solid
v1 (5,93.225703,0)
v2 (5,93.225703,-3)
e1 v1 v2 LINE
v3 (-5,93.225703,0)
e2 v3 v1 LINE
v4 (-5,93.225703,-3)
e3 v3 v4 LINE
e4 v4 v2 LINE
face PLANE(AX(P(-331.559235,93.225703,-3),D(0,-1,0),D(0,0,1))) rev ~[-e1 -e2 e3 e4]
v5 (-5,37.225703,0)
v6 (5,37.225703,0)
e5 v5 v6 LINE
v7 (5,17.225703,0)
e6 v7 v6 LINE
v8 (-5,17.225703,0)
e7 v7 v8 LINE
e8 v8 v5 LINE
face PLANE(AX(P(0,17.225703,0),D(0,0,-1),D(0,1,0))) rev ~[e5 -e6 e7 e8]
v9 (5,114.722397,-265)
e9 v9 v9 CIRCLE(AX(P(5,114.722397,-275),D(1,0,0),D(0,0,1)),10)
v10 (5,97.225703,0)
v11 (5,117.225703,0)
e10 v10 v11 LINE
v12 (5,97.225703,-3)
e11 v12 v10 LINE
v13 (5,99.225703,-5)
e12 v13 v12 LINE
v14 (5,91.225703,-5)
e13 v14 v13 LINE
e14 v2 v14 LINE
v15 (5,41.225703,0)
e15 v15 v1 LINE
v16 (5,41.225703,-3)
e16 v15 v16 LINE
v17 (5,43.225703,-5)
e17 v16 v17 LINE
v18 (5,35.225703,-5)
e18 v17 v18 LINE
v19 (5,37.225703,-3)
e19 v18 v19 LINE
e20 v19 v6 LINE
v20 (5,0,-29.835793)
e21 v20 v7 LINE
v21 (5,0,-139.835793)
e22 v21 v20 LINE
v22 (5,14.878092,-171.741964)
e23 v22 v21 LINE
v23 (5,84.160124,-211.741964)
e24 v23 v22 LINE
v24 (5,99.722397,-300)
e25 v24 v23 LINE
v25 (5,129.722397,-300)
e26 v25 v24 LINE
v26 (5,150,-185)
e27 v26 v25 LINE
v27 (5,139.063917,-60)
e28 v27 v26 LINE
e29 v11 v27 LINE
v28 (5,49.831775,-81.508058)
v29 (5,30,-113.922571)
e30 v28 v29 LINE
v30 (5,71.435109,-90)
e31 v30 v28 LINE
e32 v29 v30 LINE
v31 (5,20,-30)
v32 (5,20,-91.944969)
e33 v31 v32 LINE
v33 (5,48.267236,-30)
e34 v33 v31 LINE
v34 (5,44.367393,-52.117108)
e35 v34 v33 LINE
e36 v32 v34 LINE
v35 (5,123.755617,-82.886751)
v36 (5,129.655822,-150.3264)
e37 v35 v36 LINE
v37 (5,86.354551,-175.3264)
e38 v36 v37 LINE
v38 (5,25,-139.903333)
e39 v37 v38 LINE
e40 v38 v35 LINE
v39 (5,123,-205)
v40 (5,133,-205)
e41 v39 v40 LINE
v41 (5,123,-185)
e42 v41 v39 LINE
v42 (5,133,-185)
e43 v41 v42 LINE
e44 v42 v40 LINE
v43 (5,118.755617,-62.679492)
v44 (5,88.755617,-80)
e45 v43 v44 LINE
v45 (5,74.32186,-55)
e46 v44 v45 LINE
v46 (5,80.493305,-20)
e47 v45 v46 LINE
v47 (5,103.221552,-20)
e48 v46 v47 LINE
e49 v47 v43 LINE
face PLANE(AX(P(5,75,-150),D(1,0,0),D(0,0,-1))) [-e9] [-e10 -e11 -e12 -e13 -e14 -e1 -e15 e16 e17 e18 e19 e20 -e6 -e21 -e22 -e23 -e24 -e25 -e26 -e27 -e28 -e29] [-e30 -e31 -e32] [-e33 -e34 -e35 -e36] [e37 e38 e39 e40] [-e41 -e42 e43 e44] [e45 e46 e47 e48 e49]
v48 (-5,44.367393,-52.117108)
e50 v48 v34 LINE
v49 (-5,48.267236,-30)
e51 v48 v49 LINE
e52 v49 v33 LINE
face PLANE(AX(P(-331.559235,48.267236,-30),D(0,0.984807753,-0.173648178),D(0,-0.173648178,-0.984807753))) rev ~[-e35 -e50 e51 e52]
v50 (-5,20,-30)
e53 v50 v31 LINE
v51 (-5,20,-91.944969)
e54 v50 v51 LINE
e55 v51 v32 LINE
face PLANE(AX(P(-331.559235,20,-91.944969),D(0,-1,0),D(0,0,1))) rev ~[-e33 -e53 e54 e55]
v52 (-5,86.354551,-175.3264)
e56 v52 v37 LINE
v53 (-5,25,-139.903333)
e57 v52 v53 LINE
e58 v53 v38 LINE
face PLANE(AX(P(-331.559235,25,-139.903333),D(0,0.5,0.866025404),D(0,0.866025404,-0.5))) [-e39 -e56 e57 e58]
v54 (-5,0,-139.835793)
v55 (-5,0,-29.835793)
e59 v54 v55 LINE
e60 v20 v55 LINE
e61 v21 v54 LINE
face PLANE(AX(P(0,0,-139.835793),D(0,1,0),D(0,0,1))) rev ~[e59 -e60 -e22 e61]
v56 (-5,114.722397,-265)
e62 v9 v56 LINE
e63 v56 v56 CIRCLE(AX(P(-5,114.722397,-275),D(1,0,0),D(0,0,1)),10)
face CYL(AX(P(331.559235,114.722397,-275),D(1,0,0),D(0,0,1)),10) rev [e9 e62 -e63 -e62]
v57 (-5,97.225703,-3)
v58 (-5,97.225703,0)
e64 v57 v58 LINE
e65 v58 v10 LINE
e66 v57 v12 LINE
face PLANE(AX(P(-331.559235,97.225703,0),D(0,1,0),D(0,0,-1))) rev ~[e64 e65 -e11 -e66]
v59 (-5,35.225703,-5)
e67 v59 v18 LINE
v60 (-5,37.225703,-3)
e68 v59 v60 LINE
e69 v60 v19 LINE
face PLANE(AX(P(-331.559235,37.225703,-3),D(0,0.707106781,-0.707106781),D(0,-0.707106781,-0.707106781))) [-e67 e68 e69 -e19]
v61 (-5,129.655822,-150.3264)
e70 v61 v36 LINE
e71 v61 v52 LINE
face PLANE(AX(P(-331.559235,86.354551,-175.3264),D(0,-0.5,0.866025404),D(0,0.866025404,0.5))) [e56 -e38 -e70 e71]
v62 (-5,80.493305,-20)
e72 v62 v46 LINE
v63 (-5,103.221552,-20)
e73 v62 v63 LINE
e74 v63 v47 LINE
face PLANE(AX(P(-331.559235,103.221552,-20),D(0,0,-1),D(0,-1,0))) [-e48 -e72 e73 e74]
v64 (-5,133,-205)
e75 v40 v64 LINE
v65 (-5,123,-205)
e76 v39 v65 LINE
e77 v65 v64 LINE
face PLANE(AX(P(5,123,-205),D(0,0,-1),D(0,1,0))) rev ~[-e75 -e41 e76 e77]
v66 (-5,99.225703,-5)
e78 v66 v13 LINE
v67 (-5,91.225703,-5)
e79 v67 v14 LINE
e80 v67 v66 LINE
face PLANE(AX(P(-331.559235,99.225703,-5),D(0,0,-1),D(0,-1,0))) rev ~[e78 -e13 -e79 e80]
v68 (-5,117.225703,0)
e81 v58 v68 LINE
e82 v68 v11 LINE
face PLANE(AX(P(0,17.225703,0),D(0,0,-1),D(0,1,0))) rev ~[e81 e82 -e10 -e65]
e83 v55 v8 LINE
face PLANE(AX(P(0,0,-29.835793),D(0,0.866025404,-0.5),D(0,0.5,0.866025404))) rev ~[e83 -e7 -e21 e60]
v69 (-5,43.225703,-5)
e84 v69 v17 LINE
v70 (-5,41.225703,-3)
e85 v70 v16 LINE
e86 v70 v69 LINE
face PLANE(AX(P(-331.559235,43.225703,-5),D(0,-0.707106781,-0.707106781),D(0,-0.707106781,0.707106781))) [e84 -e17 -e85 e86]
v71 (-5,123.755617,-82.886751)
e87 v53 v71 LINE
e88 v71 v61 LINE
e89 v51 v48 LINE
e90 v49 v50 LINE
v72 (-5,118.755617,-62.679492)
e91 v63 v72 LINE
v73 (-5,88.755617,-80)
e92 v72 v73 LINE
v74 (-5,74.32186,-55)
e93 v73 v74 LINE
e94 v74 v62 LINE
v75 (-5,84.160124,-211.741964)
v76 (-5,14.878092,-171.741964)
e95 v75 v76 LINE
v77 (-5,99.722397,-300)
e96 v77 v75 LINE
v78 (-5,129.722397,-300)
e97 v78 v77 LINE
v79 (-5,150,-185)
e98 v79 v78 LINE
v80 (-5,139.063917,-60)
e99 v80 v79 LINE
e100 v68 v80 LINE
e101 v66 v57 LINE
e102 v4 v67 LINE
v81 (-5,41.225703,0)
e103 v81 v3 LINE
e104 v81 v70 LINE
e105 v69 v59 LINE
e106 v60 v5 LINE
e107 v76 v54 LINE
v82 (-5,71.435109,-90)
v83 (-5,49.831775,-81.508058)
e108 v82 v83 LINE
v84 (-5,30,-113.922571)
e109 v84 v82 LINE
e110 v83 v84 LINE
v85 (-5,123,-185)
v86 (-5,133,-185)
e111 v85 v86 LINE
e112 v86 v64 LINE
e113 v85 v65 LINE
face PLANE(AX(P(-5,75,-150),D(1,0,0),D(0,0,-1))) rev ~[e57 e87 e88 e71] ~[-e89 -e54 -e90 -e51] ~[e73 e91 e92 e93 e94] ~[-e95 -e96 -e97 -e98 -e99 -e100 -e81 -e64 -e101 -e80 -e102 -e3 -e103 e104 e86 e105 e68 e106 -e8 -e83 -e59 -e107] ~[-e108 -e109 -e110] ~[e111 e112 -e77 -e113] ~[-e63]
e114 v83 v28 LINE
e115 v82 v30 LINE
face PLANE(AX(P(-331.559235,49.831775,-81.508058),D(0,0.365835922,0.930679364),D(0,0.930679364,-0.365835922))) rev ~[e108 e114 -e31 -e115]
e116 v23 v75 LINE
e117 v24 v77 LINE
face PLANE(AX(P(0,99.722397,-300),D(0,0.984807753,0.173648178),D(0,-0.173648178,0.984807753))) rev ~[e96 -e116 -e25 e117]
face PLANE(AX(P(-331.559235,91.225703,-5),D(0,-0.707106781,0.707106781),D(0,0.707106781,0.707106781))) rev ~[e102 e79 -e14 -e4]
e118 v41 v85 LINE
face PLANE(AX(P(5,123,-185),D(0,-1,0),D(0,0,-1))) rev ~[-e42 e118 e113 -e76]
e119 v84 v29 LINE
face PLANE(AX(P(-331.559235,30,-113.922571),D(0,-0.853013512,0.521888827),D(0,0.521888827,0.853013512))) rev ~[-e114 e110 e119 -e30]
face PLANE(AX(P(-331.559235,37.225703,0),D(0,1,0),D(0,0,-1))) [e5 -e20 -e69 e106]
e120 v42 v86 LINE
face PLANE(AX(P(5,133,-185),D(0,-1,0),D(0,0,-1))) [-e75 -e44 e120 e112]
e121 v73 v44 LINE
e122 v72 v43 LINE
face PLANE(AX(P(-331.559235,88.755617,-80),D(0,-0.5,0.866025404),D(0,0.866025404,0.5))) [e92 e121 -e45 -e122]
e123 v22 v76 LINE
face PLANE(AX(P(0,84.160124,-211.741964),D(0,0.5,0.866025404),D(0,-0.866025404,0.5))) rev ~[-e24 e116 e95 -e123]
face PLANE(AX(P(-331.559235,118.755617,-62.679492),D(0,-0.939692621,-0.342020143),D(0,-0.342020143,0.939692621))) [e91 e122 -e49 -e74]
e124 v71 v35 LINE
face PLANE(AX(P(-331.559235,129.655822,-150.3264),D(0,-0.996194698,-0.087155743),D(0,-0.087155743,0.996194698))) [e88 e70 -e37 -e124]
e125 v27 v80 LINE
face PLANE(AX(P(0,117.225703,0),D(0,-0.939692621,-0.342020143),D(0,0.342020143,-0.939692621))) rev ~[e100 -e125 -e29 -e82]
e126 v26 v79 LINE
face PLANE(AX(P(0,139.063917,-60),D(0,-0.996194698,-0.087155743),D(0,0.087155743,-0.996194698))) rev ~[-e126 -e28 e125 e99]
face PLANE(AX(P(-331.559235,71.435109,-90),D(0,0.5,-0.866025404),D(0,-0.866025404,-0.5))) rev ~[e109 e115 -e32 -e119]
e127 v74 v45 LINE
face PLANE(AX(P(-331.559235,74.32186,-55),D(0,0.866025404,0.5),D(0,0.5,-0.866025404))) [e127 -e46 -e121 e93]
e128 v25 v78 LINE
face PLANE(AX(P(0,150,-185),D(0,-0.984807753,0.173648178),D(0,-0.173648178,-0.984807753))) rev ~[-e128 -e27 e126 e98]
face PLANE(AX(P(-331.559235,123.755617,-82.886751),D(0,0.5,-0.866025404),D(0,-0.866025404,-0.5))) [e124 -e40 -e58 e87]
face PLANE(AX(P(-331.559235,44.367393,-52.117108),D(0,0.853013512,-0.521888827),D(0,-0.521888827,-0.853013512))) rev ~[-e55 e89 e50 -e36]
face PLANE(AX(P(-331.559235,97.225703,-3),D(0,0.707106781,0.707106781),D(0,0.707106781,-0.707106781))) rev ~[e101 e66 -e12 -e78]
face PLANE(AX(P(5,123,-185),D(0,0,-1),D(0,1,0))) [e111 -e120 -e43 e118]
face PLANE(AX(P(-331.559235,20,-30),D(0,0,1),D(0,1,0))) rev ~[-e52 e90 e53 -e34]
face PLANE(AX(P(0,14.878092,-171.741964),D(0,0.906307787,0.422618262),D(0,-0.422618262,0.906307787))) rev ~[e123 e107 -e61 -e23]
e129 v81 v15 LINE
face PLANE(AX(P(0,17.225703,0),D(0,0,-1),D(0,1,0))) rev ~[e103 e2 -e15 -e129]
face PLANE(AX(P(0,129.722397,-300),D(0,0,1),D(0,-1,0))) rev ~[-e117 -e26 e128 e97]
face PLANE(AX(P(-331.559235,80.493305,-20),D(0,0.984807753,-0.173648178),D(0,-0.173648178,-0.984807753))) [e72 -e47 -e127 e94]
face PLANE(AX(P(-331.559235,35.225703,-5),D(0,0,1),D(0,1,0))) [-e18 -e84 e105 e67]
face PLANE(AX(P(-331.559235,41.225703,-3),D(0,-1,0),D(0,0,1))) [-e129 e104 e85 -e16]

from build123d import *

# Parameters (mm, degrees)
ESQUISSE1_W                  = 300
ESQUISSE1_H                  = 150
BOSS_EXTRU_1_DEPTH           = 5
ESQUISSE2_OUTSIDE_W          = 369.112
ESQUISSE2_OUTSIDE_H          = 219.112
ENL_V_MAT_EXTRU_1_DEPTH      = 5
ENL_V_MAT_EXTRU_2_DEPTH      = 336.559234711
ENL_V_MAT_EXTRU_2_DEPTH_BACK = 336.559234711
ENL_V_MAT_EXTRU_3_DEPTH      = 336.559234711
ENL_V_MAT_EXTRU_3_DEPTH_BACK = 336.559234711
ENL_V_MAT_EXTRU_4_DEPTH      = 336.559234711
ENL_V_MAT_EXTRU_4_DEPTH_BACK = 336.559234711
ESQUISSE5_R                  = 10
ESQUISSE6_W                  = 20
ESQUISSE6_H                  = 10
ENL_V_MAT_EXTRU_5_DEPTH      = 49


with BuildPart() as part:
    # Esquisse1 → Boss.-Extru.1 (new, symmetric)
    with BuildSketch(Plane(origin=(0, 0, 0), x_dir=(0, 0, -1), z_dir=(1, 0, 0))):
        with Locations((150, 75)):
            Rectangle(ESQUISSE1_W, ESQUISSE1_H)
    extrude(amount=BOSS_EXTRU_1_DEPTH, both=True)

    # Esquisse2 outside → Enlèv. mat.-Extru.1 (cut, symmetric)
    with BuildSketch(Plane(origin=(0, 0, 0), x_dir=(0, 0, -1), z_dir=(1, 0, 0))):
        with Locations((150, 75)):
            Rectangle(ESQUISSE2_OUTSIDE_W, ESQUISSE2_OUTSIDE_H)
        Polygon((0, 117.225703003), (60, 139.063917059), (185, 150), (300, 129.722397219), (300, 99.722397219), (211.741963761, 84.160124165), (171.741963761, 14.878091862), (139.835792798, 0), (29.835792798, 0), (0, 17.225703003), align=None, mode=Mode.SUBTRACT)
    extrude(amount=ENL_V_MAT_EXTRU_1_DEPTH, both=True, mode=Mode.SUBTRACT)

    # Esquisse3 → Enlèv. mat.-Extru.2 (cut, two sides: drawn at the far end of the back side and taken through both)
    with BuildSketch(Plane(origin=(5, 0, 0), x_dir=(0, 0, -1), z_dir=(1, 0, 0)).offset(-ENL_V_MAT_EXTRU_2_DEPTH_BACK)):
        Polygon((20, 103.221552239), (20, 80.493304508), (55, 74.321860183), (80, 88.755616913), (62.679491924, 118.755616913), align=None)
        Polygon((90, 71.435108837), (113.922571241, 30), (81.508057782, 49.831775443), align=None)
        Polygon((82.886751346, 123.755616913), (139.903333355, 25), (175.32640016, 86.354551467), (150.32640016, 129.655821657), align=None)
        Polygon((91.944969354, 20), (30, 20), (30, 48.267236345), (52.117107943, 44.367393479), align=None)
    extrude(amount=ENL_V_MAT_EXTRU_2_DEPTH + ENL_V_MAT_EXTRU_2_DEPTH_BACK, mode=Mode.SUBTRACT)

    # Esquisse4 → Enlèv. mat.-Extru.3 (cut, two sides: drawn at the far end of the back side and taken through both)
    with BuildSketch(Plane(origin=(5, 0, 0), x_dir=(0, 0, -1), z_dir=(1, 0, 0)).offset(-ENL_V_MAT_EXTRU_3_DEPTH_BACK)):
        Polygon((0, 97.225703003), (3, 97.225703003), (5, 99.225703003), (5, 91.225703003), (3, 93.225703003), (0, 93.225703003), align=None)
        Polygon((3, 41.225703003), (0, 41.225703003), (0, 37.225703003), (3, 37.225703003), (5, 35.225703003), (5, 43.225703003), align=None)
    extrude(amount=ENL_V_MAT_EXTRU_3_DEPTH + ENL_V_MAT_EXTRU_3_DEPTH_BACK, mode=Mode.SUBTRACT)

    # Esquisse5 → Enlèv. mat.-Extru.4 (cut, two sides: drawn at the far end of the back side and taken through both)
    with BuildSketch(Plane.ZY.offset(5).offset(-ENL_V_MAT_EXTRU_4_DEPTH_BACK)):
        with Locations((-275, 114.722397219)):
            Circle(ESQUISSE5_R)
    extrude(amount=ENL_V_MAT_EXTRU_4_DEPTH + ENL_V_MAT_EXTRU_4_DEPTH_BACK, mode=Mode.SUBTRACT)

    # Esquisse6 → Enlèv. mat.-Extru.5 (cut)
    with BuildSketch(Plane(origin=(5, 0, 0), x_dir=(0, 0, -1), z_dir=(1, 0, 0))):
        with Locations((195, 128)):
            Rectangle(ESQUISSE6_W, ESQUISSE6_H)
    extrude(amount=-ENL_V_MAT_EXTRU_5_DEPTH, mode=Mode.SUBTRACT)


solid = part.part
